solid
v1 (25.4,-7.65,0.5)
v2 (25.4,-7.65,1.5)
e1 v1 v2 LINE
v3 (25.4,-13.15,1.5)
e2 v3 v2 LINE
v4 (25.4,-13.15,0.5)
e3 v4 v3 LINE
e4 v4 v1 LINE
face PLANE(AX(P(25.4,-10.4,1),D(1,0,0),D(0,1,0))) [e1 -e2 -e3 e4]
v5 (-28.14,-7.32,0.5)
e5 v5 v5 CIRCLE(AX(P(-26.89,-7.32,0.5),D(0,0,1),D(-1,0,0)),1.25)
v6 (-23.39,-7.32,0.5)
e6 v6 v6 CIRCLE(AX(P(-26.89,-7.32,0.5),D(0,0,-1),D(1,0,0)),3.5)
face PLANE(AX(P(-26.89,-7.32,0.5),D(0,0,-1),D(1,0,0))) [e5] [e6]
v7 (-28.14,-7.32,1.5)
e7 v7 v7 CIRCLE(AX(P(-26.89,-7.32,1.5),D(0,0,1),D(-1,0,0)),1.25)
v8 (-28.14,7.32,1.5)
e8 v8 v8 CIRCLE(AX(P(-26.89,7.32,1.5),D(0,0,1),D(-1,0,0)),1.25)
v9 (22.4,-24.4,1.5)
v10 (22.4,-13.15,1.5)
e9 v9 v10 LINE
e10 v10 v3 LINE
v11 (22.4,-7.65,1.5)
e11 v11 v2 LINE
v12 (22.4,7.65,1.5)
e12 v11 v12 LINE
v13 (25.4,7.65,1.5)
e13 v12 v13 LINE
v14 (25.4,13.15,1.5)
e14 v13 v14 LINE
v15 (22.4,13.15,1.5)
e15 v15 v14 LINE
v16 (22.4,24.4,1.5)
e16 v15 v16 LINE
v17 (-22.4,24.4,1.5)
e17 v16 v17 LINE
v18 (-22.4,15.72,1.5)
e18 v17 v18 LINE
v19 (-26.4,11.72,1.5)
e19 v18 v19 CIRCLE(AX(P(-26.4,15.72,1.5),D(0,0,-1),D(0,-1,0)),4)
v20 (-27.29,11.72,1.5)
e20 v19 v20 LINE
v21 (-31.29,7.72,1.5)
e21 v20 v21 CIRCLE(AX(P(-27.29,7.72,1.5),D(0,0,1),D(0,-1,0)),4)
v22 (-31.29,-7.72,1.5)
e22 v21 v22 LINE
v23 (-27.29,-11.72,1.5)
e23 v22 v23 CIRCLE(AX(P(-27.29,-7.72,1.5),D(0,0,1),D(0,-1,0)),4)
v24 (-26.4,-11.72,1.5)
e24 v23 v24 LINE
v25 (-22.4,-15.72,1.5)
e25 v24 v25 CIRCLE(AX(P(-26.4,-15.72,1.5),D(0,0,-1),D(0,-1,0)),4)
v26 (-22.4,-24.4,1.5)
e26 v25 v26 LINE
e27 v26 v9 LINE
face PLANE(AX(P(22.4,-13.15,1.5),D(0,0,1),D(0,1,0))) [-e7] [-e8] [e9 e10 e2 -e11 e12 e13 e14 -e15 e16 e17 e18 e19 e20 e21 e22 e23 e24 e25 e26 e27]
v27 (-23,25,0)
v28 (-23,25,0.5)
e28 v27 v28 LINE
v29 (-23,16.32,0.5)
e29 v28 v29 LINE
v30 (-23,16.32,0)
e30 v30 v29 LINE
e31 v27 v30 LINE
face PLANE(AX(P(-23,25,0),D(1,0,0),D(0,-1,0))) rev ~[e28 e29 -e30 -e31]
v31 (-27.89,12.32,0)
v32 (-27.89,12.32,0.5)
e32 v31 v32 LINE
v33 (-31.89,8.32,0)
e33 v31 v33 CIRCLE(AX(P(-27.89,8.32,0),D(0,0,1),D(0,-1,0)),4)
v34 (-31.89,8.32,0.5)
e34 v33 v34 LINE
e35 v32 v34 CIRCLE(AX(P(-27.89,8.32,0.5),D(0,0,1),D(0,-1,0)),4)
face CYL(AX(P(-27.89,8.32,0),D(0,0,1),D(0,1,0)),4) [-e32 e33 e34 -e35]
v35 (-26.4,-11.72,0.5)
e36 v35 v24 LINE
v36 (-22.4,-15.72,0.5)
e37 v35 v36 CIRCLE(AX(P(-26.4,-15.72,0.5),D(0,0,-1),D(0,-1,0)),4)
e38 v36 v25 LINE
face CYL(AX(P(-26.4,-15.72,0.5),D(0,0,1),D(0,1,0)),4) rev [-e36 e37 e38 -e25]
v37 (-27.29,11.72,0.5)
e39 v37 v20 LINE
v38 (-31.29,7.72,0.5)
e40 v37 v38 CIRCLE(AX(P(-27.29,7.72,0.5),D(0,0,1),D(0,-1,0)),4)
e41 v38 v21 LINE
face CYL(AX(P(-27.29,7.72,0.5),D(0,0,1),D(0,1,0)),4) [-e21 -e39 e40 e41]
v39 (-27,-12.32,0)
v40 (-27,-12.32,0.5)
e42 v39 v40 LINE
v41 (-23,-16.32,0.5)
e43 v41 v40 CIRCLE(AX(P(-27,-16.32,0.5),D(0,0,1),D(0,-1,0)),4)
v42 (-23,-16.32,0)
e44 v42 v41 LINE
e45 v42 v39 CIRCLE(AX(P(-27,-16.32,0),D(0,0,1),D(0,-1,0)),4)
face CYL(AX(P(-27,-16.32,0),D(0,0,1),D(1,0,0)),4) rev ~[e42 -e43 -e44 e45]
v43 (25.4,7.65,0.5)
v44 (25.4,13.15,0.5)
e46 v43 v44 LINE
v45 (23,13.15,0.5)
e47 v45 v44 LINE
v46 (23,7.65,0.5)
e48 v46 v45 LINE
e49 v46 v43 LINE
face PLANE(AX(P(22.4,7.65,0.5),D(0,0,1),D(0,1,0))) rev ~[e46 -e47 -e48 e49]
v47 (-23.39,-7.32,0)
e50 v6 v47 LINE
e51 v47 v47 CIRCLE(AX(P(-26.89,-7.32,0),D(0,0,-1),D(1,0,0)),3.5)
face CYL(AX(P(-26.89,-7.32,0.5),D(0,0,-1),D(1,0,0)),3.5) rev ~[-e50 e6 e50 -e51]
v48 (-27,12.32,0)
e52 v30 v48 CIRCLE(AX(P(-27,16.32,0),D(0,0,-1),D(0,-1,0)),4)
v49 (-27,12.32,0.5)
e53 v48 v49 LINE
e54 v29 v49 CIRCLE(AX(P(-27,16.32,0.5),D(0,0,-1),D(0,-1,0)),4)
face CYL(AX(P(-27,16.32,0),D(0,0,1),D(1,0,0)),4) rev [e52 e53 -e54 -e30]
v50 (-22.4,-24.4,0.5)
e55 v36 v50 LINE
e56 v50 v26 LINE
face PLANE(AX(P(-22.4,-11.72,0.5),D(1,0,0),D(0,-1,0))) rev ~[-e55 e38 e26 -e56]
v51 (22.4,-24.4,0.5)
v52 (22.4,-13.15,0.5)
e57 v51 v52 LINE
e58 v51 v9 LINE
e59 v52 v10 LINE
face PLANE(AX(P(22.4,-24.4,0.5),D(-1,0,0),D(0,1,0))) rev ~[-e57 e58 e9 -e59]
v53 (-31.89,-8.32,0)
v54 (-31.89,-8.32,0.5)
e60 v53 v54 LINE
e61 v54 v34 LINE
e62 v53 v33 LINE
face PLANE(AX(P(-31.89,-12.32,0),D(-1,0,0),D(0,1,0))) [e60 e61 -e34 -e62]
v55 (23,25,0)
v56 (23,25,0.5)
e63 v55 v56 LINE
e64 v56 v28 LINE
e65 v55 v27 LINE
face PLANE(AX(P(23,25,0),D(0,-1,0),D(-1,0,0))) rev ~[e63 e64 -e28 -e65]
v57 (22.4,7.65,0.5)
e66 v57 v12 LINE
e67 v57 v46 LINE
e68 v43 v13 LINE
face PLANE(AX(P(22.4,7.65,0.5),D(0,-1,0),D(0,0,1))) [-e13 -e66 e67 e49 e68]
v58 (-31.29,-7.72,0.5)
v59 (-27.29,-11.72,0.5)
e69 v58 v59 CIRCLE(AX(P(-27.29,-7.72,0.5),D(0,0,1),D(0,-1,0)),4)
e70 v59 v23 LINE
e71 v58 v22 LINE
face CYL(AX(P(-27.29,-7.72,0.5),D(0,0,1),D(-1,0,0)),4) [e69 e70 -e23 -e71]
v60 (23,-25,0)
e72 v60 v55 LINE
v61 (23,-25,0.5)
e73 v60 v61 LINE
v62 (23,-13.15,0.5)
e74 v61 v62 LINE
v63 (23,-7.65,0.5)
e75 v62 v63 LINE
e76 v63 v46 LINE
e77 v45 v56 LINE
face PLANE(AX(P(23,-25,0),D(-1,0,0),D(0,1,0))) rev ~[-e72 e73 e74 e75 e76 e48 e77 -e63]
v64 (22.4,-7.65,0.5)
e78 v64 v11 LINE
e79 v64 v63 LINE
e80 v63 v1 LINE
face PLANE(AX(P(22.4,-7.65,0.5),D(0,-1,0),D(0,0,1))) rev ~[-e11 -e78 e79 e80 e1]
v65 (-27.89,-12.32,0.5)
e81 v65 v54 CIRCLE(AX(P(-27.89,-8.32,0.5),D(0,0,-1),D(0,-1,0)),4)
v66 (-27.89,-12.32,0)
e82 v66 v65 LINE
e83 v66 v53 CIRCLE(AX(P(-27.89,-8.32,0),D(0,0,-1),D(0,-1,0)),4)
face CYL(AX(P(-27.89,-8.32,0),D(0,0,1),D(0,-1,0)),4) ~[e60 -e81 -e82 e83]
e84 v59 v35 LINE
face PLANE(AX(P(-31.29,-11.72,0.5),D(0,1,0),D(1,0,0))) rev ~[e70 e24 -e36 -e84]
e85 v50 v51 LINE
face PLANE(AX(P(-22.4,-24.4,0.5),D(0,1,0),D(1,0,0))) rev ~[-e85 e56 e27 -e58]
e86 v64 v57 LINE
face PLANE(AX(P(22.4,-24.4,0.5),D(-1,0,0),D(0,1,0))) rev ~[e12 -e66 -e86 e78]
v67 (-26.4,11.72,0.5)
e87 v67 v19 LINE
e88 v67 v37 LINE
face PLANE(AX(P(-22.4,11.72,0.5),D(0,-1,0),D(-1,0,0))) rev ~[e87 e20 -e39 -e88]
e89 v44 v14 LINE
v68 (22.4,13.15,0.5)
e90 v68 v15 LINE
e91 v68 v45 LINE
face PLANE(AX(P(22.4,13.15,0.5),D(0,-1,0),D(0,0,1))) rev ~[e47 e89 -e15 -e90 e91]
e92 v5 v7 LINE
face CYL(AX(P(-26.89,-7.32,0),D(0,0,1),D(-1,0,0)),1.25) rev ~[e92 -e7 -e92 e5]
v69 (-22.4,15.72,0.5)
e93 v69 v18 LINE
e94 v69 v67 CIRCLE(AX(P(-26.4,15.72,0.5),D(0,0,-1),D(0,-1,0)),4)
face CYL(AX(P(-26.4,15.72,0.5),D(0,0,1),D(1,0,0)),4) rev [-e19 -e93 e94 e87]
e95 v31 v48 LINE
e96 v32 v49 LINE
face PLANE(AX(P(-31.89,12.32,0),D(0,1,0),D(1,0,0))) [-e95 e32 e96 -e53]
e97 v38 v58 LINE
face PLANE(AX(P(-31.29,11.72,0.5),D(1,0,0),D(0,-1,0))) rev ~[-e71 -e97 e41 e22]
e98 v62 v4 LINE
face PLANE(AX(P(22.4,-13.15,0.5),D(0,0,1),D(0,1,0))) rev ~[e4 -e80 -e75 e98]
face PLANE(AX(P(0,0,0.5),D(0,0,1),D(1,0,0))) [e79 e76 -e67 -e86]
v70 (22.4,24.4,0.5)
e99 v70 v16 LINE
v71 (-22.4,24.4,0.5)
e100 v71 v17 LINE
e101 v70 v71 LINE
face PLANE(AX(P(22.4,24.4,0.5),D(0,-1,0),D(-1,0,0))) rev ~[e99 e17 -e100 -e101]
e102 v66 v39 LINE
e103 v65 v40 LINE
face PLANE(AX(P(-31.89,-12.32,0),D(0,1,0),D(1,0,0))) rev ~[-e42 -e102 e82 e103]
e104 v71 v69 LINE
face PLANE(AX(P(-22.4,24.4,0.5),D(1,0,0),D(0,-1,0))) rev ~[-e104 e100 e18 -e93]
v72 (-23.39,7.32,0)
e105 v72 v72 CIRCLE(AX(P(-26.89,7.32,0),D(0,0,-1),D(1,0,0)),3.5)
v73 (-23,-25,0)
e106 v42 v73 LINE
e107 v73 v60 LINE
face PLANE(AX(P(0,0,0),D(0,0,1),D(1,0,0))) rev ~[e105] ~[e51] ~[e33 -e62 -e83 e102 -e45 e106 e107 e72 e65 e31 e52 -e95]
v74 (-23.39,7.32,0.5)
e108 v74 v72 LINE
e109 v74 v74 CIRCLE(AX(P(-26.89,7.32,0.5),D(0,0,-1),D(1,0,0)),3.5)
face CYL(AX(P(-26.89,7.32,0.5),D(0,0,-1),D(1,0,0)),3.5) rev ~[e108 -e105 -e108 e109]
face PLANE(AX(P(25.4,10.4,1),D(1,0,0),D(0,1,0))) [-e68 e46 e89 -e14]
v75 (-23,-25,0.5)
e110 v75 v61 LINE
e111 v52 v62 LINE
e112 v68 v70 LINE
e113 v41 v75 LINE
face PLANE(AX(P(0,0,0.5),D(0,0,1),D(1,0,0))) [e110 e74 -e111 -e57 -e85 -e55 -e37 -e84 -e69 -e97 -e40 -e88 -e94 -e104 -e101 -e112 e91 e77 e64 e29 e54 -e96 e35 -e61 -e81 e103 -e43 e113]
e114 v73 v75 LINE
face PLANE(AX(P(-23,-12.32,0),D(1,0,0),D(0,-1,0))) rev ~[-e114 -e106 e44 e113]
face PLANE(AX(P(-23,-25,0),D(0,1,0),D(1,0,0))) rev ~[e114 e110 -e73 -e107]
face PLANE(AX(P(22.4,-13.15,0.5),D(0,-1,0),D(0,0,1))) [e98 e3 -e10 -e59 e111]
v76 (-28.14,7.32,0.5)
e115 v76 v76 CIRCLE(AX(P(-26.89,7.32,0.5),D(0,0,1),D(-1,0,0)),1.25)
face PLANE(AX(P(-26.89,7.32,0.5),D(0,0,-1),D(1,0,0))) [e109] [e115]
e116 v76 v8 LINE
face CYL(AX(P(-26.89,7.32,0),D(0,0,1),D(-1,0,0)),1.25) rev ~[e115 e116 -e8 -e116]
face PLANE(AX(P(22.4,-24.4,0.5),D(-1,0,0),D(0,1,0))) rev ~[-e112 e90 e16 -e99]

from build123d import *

# Parameters (mm, degrees)
F0_W           = 8.89
F0_H           = 24.64
F1_DEPTH       = 0.5
F3_DEPTH       = 1
F4_R           = 4
F6_D           = 2.5
F6_CBORE_D     = 7
F6_CBORE_DEPTH = 0.5
F7_W           = 5.5
F7_H           = 1
F8_DEPTH       = 3


with BuildPart() as f1:
    # F0 (on Top) → F1 (new body)
    with BuildSketch(Plane.XY):
        Polygon((-23, -25), (23, -25), (23, 25), (-23, 25), (-23, 12.32), (-23, -12.32), align=None)
        with Locations((-27.445, 0)):
            Rectangle(F0_W, F0_H)
    extrude(amount=F1_DEPTH)

    # F2 (on face) → F3 (join)
    with BuildSketch(Plane.XY.offset(0.5)):
        Polygon((-22.4, -24.4), (22.4, -24.4), (22.4, 24.4), (-22.4, 24.4), (-22.4, 11.72), (-31.29, 11.72), (-31.29, -11.72), (-22.4, -11.72), align=None)
    extrude(amount=F3_DEPTH)

    # F4
    f4_edges = [f1.edges().sort_by_distance(p)[0] for p in [
        (-31.89, 12.32, 0.25),
        (-31.29, 11.72, 1),
        (-23, 12.32, 0.25),
        (-22.4, 11.72, 1),
        (-31.29, -11.72, 1),
        (-31.89, -12.32, 0.25),
        (-23, -12.32, 0.25),
        (-22.4, -11.72, 1),
    ]]
    fillet(f4_edges, radius=F4_R)

    # F6 (through all)
    with Locations(Plane(origin=(0, 0, 0), x_dir=(1, 0, 0), z_dir=(0, 0, -1))):
        with Locations((-26.89, -7.32), (-26.89, 7.32)):
            CounterBoreHole(F6_D / 2, F6_CBORE_D / 2, F6_CBORE_DEPTH)

    # F7 (on face) → F8 (join)
    with BuildSketch(Plane.YZ.offset(22.4)):
        with Locations((-10.4, 1)):
            Rectangle(F7_W, F7_H)
        with Locations((10.4, 1)):
            Rectangle(F7_W, F7_H)
    extrude(amount=F8_DEPTH)


solid = f1.part
